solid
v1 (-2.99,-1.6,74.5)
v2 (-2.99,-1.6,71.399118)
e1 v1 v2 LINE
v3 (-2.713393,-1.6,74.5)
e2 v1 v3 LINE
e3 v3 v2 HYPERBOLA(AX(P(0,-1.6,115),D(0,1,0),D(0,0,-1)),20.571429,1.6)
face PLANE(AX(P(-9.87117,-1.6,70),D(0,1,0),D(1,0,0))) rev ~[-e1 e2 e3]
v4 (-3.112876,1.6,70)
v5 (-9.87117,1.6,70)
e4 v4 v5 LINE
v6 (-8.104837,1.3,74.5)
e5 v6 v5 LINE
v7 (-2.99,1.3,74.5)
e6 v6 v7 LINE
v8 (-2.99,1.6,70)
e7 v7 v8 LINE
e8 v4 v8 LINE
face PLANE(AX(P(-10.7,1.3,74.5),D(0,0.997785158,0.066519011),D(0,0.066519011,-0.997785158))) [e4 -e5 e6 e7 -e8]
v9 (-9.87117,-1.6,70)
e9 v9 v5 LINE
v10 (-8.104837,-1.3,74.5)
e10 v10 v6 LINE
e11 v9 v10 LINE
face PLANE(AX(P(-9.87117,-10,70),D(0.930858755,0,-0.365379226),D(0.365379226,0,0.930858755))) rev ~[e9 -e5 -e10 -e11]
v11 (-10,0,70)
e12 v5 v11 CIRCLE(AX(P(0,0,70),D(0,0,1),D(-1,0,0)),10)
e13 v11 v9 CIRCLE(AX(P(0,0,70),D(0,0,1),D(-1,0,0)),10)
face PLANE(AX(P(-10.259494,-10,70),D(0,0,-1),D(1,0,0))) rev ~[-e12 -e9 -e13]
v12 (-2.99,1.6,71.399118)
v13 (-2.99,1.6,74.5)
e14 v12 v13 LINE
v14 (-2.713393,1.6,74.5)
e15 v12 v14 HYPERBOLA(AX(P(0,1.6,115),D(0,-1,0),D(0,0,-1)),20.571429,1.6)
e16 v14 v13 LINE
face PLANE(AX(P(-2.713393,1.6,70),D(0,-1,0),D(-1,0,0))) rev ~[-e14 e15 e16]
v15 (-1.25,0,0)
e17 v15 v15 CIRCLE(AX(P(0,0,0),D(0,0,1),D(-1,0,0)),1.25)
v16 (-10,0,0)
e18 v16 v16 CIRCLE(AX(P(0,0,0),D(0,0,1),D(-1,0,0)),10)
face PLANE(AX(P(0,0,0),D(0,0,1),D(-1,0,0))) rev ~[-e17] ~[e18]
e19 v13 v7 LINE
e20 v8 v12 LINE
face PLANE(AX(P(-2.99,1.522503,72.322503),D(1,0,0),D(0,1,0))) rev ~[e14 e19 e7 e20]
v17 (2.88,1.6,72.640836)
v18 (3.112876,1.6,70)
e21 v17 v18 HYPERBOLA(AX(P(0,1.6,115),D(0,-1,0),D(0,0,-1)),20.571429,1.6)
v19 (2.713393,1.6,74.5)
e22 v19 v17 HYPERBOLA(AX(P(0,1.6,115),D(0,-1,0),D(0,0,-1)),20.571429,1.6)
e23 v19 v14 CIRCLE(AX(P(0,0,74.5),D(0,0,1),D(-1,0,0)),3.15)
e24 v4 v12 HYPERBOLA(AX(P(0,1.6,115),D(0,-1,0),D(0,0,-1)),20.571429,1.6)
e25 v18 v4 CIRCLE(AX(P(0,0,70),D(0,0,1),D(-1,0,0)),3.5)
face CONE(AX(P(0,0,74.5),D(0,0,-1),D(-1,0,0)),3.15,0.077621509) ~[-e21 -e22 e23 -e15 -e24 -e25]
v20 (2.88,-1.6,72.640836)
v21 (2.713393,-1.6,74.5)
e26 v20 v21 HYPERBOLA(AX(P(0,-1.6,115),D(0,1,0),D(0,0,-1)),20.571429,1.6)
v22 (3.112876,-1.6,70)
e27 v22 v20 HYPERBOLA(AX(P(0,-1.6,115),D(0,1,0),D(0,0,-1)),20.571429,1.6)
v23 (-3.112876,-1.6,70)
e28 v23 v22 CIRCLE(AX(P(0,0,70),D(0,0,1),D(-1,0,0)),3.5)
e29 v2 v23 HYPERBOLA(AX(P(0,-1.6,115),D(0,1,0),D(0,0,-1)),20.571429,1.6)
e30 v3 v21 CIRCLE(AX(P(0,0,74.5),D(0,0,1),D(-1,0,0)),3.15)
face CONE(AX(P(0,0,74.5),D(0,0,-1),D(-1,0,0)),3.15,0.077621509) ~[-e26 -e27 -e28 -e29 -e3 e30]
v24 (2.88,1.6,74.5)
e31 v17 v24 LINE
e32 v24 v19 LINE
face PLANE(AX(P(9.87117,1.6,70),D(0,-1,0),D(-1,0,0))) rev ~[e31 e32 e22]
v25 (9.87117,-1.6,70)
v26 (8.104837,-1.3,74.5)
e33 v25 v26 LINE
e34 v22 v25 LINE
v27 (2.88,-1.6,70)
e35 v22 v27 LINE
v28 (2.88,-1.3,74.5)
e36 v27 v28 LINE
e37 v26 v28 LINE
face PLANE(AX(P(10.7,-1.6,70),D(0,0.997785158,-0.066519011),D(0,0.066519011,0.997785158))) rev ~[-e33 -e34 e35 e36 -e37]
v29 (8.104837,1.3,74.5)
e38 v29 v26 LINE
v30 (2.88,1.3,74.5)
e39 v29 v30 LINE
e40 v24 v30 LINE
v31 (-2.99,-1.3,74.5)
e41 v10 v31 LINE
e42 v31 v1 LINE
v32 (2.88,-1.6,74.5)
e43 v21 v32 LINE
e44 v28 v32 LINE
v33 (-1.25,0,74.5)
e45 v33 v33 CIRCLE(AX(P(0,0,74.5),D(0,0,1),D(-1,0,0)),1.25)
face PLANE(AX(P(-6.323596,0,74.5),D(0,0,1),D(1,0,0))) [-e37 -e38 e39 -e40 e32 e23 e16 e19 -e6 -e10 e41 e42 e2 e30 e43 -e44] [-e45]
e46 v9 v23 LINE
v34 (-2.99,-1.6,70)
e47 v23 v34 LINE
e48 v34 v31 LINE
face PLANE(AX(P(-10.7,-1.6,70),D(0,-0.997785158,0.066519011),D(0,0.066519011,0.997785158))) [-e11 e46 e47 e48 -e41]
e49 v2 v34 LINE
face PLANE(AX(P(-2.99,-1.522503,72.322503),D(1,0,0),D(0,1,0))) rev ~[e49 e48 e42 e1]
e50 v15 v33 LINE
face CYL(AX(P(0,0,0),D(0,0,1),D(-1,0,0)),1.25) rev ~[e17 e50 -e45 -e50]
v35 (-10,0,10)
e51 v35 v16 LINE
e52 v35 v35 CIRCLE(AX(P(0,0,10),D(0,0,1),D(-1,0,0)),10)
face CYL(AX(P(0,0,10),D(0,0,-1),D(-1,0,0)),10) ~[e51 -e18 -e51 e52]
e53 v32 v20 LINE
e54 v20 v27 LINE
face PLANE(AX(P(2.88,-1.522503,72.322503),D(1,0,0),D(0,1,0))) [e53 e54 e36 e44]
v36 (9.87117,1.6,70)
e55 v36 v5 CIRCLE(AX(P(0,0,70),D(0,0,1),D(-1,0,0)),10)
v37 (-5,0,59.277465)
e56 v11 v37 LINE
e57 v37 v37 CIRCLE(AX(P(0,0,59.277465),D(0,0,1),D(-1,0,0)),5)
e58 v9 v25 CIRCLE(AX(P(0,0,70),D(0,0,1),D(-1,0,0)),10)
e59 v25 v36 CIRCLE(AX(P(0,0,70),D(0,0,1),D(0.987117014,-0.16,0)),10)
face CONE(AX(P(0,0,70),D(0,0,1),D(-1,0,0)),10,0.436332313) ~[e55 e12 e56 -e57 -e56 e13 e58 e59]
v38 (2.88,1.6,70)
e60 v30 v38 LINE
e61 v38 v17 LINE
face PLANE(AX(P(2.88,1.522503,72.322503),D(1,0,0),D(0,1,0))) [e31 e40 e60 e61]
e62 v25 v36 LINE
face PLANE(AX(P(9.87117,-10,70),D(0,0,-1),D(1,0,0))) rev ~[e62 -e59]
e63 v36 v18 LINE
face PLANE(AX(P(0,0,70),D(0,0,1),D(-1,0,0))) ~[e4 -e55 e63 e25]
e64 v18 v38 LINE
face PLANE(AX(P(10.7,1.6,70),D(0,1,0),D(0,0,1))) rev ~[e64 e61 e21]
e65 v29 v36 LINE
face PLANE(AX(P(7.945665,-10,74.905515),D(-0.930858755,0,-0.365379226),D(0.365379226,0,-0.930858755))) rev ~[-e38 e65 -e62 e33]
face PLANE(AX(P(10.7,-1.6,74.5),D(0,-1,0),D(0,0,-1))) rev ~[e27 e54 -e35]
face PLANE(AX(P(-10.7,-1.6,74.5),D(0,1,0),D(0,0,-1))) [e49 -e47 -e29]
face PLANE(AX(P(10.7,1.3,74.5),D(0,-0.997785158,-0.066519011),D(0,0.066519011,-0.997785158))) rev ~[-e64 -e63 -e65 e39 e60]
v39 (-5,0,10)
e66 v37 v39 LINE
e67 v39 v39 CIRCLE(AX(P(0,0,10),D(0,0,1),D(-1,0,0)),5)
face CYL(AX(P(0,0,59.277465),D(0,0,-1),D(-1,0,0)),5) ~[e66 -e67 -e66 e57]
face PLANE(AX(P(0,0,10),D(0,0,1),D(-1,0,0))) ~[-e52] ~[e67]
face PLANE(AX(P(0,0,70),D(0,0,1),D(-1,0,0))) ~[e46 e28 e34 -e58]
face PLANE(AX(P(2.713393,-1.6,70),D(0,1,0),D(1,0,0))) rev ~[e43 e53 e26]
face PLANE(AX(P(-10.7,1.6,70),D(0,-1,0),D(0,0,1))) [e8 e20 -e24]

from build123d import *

# Parameters (mm, degrees)
F3_DEPTH  = 4.5
F6_DEPTH  = 7.82
F9_DEPTH  = 7.71
F12_DEPTH = 25


with BuildPart() as f1:
    # F0 (on Front) → F1 (revolve)
    with BuildSketch(Plane.XZ):
        Polygon((-10, 0), (-1.25, 0), (-1.25, 74.5), (-3.15, 74.5), (-3.5, 70), (-10, 70), (-5, 59.2774653975), (-5, 10), (-10, 10), align=None)
    revolve(axis=Axis((0, 0, 54.2438514531), (0, 0, 1)))

    # F2 (on face) → F3 (join)
    with BuildSketch(Plane.XY.offset(70)):
        with BuildLine():
            Line((-3.1128764833, 1.6), (-9.8711701434, 1.6))
            ThreePointArc((-9.8711701434, 1.6), (-10, 0), (-9.8711701434, -1.6))
            Line((-9.8711701434, -1.6), (-3.1128764833, -1.6))
            Line((-3.1128764833, -1.6), (-2.7133927102, -1.6))
            ThreePointArc((-2.7133927102, -1.6), (-3.15, 0), (-2.7133927102, 1.6))
            Line((-2.7133927102, 1.6), (-3.1128764833, 1.6))
        make_face()
        with BuildLine():
            Line((9.8711701434, 1.6), (3.1128764833, 1.6))
            Line((3.1128764833, 1.6), (2.7133927102, 1.6))
            ThreePointArc((2.7133927102, 1.6), (3.15, 0), (2.7133927102, -1.6))
            Line((2.7133927102, -1.6), (3.1128764833, -1.6))
            Line((3.1128764833, -1.6), (9.8711701434, -1.6))
            ThreePointArc((9.8711701434, -1.6), (10, 0), (9.8711701434, 1.6))
        make_face()
    extrude(amount=F3_DEPTH)

    # F5 (on offset) → F6 (cut)
    with BuildSketch(Plane.YZ.offset(10.7)):
        Polygon((-1.6, 70), (-1.3, 74.5), (-1.6, 74.5), align=None)
        Polygon((1.6, 74.5), (1.3, 74.5), (1.6, 70), align=None)
    extrude(amount=-F6_DEPTH, mode=Mode.SUBTRACT)

    # F8 (on offset) → F9 (cut)
    with BuildSketch(Plane.YZ.offset(-10.7)):
        Polygon((1.6, 70), (1.6, 74.5), (1.3, 74.5), align=None)
        Polygon((-1.3, 74.5), (-1.6, 74.5), (-1.6, 70), align=None)
    extrude(amount=F9_DEPTH, mode=Mode.SUBTRACT)

    # F11 (on offset) → F12 (cut)
    with BuildSketch(Plane.XZ.offset(10)):
        Polygon((-10.2594941854, 70), (-9.8711701434, 70), (-7.9456651583, 74.9055147171), (-10.5508649722, 74.9055147171), align=None)
        Polygon((7.9456651583, 74.9055147171), (9.8711701434, 70), (10.2594941854, 70), (10.5508649722, 74.9055147171), align=None)
    extrude(amount=-F12_DEPTH, mode=Mode.SUBTRACT)


solid = f1.part
